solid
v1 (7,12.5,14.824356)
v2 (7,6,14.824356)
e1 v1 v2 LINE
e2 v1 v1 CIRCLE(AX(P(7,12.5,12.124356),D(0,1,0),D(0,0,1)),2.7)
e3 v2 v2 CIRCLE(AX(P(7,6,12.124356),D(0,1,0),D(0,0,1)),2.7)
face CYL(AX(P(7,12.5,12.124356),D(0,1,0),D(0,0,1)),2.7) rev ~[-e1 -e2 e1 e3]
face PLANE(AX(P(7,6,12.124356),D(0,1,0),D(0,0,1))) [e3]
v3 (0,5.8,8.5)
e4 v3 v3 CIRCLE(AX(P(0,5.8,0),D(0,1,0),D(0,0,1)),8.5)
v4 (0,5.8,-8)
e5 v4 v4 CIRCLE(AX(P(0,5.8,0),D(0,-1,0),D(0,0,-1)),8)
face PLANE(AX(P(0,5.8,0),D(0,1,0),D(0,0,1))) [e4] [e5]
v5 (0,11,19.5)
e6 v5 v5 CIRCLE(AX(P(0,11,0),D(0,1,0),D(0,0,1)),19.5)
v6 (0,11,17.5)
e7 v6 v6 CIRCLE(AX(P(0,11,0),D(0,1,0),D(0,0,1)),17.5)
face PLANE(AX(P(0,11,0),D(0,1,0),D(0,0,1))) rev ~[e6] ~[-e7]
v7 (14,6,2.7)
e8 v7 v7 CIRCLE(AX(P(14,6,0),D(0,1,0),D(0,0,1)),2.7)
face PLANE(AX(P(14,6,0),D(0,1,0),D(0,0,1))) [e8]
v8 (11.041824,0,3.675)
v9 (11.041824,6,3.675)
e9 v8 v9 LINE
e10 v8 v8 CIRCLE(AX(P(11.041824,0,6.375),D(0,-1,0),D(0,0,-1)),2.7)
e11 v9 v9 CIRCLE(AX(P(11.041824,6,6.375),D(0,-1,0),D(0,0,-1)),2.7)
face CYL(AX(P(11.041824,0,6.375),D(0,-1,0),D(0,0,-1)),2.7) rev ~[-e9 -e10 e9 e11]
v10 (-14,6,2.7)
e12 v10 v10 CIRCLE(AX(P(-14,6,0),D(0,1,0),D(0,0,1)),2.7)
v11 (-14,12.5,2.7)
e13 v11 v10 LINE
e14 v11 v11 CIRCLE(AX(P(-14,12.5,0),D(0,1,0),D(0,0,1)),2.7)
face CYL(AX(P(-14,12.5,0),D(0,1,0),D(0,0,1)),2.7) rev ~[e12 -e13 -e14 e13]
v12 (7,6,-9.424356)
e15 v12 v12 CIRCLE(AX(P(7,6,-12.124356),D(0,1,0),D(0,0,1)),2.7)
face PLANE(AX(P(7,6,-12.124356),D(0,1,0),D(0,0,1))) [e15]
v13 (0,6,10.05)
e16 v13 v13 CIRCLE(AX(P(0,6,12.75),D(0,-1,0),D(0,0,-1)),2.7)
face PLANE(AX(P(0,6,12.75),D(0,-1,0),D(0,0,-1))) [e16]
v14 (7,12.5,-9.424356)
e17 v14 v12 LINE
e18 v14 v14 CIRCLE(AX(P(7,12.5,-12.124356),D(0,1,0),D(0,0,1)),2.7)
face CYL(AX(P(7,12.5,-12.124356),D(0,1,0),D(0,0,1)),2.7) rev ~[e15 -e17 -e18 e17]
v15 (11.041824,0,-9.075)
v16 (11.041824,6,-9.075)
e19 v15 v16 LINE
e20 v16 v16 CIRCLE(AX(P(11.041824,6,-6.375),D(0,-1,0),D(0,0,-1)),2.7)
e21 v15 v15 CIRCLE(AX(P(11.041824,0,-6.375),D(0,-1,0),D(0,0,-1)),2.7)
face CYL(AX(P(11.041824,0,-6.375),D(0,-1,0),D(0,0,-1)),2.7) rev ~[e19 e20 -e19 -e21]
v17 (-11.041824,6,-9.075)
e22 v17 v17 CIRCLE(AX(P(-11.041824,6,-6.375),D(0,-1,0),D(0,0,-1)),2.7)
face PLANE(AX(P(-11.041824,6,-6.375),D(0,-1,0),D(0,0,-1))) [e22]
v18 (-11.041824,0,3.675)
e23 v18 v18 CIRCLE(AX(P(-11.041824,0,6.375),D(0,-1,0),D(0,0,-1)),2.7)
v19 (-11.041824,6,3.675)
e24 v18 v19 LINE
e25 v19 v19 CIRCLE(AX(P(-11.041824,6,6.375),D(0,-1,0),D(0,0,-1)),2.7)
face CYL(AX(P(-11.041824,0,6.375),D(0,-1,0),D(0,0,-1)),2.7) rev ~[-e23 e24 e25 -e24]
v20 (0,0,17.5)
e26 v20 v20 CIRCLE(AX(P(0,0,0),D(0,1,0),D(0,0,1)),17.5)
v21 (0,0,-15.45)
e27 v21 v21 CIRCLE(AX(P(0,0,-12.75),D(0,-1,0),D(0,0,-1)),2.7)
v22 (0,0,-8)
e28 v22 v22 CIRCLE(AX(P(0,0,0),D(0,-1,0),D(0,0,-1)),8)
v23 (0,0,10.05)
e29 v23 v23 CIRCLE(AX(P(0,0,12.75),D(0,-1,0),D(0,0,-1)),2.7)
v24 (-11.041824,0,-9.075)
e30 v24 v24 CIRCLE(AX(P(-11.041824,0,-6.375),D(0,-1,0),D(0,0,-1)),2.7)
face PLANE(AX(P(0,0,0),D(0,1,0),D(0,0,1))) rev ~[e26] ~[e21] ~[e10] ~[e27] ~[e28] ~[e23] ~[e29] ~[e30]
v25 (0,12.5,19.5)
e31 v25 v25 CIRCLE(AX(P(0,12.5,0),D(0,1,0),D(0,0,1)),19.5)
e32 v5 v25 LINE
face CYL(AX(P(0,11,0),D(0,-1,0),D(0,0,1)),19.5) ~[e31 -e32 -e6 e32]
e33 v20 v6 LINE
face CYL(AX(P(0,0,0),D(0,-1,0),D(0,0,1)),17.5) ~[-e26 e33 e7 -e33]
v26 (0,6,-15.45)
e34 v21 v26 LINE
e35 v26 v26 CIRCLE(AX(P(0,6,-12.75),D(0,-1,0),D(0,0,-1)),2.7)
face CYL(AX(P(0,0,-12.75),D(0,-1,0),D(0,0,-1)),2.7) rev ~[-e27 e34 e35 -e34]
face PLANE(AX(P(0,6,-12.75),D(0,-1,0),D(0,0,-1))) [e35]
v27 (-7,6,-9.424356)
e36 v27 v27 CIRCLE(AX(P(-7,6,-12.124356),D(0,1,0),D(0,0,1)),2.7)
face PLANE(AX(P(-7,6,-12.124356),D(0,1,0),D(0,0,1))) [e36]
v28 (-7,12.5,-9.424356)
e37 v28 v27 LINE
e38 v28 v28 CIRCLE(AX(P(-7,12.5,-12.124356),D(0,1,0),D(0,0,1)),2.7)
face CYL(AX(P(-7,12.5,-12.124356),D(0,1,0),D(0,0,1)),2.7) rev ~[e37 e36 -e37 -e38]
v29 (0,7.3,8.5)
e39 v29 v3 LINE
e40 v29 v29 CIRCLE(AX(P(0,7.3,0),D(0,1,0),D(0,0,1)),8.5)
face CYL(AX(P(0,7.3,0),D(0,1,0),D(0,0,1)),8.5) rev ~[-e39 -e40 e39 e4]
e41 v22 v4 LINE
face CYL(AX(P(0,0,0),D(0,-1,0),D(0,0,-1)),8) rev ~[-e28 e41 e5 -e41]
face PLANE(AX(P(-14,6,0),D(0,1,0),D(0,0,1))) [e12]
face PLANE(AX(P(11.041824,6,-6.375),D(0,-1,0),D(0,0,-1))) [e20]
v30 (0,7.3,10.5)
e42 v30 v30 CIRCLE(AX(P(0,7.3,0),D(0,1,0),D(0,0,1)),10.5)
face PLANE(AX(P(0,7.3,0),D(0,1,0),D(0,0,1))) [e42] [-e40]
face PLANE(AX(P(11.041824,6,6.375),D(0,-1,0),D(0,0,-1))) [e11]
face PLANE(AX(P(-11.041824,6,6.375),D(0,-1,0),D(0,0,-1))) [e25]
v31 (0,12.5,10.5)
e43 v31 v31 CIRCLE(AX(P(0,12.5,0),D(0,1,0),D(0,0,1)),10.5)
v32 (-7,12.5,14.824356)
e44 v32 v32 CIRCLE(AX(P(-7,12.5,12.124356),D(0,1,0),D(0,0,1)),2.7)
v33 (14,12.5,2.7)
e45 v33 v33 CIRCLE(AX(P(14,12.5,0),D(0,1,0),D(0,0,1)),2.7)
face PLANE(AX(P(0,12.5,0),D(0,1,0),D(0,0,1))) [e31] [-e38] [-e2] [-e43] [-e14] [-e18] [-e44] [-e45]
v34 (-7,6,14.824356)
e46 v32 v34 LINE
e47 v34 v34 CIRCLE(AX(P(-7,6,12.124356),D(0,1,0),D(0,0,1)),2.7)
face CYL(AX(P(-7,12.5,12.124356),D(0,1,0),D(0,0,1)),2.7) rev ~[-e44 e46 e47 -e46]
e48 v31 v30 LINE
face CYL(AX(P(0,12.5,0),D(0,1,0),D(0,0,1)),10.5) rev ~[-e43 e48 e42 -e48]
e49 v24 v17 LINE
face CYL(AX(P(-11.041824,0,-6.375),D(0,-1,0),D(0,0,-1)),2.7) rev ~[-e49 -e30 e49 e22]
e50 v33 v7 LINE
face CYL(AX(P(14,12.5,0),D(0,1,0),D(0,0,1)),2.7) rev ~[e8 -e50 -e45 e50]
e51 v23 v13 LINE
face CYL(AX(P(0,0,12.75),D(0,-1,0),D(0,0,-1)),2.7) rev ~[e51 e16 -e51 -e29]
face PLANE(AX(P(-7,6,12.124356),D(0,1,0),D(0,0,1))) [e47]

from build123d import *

# Parameters (mm, degrees)
SKETCH1_R           = 17.5
BOSS_EXTRUDE1_DEPTH = 11
SKETCH2_R           = 19.5
BOSS_EXTRUDE2_DEPTH = 1.5
SKETCH3_R           = 10.5
CUT_EXTRUDE1_DEPTH  = 5.2
SKETCH4_R           = 8.5
CUT_EXTRUDE2_DEPTH  = 1.5
CUT_EXTRUDE4_REACH  = 32.278
SKETCH7_R           = 8
SKETCH9_R           = 2.7
CUT_EXTRUDE5_DEPTH  = 6
SKETCH10_R          = 2.7
CUT_EXTRUDE6_DEPTH  = 6.5


with BuildPart() as part:
    # Sketch1 → Boss-Extrude1 (new body)
    with BuildSketch(Plane(origin=(0, 0, 0), x_dir=(1, 0, 0), z_dir=(0, 1, 0))):
        with Locations(Location((0, 0, 0), (0, 0, 270))):
            Circle(SKETCH1_R)
    extrude(amount=BOSS_EXTRUDE1_DEPTH)

    # Sketch2 → Boss-Extrude2 (add)
    with BuildSketch(Plane(origin=(0, 11, 0), x_dir=(1, 0, 0), z_dir=(0, 1, 0))):
        with Locations(Location((0, 0, 0), (0, 0, 270))):
            Circle(SKETCH2_R)
    extrude(amount=BOSS_EXTRUDE2_DEPTH)

    # Sketch3 → Cut-Extrude1 (cut)
    with BuildSketch(Plane(origin=(0, 12.5, 0), x_dir=(1, 0, 0), z_dir=(0, 1, 0))):
        with Locations(Location((0, 0, 0), (0, 0, 270))):
            Circle(SKETCH3_R)
    extrude(amount=-CUT_EXTRUDE1_DEPTH, mode=Mode.SUBTRACT)

    # Sketch4 → Cut-Extrude2 (cut)
    with BuildSketch(Plane(origin=(0, 7.3, 0), x_dir=(1, 0, 0), z_dir=(0, 1, 0))):
        with Locations(Location((0, 0, 0), (0, 0, 270))):
            Circle(SKETCH4_R)
    extrude(amount=-CUT_EXTRUDE2_DEPTH, mode=Mode.SUBTRACT)

    # Sketch7 → Cut-Extrude4 (cut, up to next)
    with BuildSketch(Plane.XZ, mode=Mode.PRIVATE) as cut_extrude4_sk1:
        with Locations(Location((0, 0, 0), (0, 0, 270))):
            Circle(SKETCH7_R)
    cut_extrude4_tool1 = extrude(cut_extrude4_sk1.sketch, amount=-CUT_EXTRUDE4_REACH, mode=Mode.PRIVATE) & part.part
    add(cut_extrude4_tool1.solids().sort_by_distance((0, 0, 0))[0], mode=Mode.SUBTRACT)

    # Sketch9 → Cut-Extrude5 (cut)
    with BuildSketch(Plane.XZ):
        with Locations(Location((0, 12.75, 0), (0, 0, 270))):
            Circle(SKETCH9_R)
        with Locations(Location((11.041823898, 6.375, 0), (0, 0, 270))):
            Circle(SKETCH9_R)
        with Locations(Location((11.041823898, -6.375, 0), (0, 0, 270))):
            Circle(SKETCH9_R)
        with Locations(Location((0, -12.75, 0), (0, 0, 270))):
            Circle(SKETCH9_R)
        with Locations(Location((-11.041823898, -6.375, 0), (0, 0, 270))):
            Circle(SKETCH9_R)
        with Locations(Location((-11.041823898, 6.375, 0), (0, 0, 270))):
            Circle(SKETCH9_R)
    extrude(amount=-CUT_EXTRUDE5_DEPTH, mode=Mode.SUBTRACT)

    # Sketch10 → Cut-Extrude6 (cut)
    with BuildSketch(Plane(origin=(0, 12.5, 0), x_dir=(1, 0, 0), z_dir=(0, 1, 0))):
        with Locations(Location((14, 0, 0), (0, 0, 270))):
            Circle(SKETCH10_R)
        with Locations(Location((7, -12.124355653, 0), (0, 0, 270))):
            Circle(SKETCH10_R)
        with Locations(Location((-7, -12.124355653, 0), (0, 0, 270))):
            Circle(SKETCH10_R)
        with Locations(Location((-14, 0, 0), (0, 0, 270))):
            Circle(SKETCH10_R)
        with Locations(Location((-7, 12.124355653, 0), (0, 0, 270))):
            Circle(SKETCH10_R)
        with Locations(Location((7, 12.124355653, 0), (0, 0, 270))):
            Circle(SKETCH10_R)
    extrude(amount=-CUT_EXTRUDE6_DEPTH, mode=Mode.SUBTRACT)


solid = part.part
